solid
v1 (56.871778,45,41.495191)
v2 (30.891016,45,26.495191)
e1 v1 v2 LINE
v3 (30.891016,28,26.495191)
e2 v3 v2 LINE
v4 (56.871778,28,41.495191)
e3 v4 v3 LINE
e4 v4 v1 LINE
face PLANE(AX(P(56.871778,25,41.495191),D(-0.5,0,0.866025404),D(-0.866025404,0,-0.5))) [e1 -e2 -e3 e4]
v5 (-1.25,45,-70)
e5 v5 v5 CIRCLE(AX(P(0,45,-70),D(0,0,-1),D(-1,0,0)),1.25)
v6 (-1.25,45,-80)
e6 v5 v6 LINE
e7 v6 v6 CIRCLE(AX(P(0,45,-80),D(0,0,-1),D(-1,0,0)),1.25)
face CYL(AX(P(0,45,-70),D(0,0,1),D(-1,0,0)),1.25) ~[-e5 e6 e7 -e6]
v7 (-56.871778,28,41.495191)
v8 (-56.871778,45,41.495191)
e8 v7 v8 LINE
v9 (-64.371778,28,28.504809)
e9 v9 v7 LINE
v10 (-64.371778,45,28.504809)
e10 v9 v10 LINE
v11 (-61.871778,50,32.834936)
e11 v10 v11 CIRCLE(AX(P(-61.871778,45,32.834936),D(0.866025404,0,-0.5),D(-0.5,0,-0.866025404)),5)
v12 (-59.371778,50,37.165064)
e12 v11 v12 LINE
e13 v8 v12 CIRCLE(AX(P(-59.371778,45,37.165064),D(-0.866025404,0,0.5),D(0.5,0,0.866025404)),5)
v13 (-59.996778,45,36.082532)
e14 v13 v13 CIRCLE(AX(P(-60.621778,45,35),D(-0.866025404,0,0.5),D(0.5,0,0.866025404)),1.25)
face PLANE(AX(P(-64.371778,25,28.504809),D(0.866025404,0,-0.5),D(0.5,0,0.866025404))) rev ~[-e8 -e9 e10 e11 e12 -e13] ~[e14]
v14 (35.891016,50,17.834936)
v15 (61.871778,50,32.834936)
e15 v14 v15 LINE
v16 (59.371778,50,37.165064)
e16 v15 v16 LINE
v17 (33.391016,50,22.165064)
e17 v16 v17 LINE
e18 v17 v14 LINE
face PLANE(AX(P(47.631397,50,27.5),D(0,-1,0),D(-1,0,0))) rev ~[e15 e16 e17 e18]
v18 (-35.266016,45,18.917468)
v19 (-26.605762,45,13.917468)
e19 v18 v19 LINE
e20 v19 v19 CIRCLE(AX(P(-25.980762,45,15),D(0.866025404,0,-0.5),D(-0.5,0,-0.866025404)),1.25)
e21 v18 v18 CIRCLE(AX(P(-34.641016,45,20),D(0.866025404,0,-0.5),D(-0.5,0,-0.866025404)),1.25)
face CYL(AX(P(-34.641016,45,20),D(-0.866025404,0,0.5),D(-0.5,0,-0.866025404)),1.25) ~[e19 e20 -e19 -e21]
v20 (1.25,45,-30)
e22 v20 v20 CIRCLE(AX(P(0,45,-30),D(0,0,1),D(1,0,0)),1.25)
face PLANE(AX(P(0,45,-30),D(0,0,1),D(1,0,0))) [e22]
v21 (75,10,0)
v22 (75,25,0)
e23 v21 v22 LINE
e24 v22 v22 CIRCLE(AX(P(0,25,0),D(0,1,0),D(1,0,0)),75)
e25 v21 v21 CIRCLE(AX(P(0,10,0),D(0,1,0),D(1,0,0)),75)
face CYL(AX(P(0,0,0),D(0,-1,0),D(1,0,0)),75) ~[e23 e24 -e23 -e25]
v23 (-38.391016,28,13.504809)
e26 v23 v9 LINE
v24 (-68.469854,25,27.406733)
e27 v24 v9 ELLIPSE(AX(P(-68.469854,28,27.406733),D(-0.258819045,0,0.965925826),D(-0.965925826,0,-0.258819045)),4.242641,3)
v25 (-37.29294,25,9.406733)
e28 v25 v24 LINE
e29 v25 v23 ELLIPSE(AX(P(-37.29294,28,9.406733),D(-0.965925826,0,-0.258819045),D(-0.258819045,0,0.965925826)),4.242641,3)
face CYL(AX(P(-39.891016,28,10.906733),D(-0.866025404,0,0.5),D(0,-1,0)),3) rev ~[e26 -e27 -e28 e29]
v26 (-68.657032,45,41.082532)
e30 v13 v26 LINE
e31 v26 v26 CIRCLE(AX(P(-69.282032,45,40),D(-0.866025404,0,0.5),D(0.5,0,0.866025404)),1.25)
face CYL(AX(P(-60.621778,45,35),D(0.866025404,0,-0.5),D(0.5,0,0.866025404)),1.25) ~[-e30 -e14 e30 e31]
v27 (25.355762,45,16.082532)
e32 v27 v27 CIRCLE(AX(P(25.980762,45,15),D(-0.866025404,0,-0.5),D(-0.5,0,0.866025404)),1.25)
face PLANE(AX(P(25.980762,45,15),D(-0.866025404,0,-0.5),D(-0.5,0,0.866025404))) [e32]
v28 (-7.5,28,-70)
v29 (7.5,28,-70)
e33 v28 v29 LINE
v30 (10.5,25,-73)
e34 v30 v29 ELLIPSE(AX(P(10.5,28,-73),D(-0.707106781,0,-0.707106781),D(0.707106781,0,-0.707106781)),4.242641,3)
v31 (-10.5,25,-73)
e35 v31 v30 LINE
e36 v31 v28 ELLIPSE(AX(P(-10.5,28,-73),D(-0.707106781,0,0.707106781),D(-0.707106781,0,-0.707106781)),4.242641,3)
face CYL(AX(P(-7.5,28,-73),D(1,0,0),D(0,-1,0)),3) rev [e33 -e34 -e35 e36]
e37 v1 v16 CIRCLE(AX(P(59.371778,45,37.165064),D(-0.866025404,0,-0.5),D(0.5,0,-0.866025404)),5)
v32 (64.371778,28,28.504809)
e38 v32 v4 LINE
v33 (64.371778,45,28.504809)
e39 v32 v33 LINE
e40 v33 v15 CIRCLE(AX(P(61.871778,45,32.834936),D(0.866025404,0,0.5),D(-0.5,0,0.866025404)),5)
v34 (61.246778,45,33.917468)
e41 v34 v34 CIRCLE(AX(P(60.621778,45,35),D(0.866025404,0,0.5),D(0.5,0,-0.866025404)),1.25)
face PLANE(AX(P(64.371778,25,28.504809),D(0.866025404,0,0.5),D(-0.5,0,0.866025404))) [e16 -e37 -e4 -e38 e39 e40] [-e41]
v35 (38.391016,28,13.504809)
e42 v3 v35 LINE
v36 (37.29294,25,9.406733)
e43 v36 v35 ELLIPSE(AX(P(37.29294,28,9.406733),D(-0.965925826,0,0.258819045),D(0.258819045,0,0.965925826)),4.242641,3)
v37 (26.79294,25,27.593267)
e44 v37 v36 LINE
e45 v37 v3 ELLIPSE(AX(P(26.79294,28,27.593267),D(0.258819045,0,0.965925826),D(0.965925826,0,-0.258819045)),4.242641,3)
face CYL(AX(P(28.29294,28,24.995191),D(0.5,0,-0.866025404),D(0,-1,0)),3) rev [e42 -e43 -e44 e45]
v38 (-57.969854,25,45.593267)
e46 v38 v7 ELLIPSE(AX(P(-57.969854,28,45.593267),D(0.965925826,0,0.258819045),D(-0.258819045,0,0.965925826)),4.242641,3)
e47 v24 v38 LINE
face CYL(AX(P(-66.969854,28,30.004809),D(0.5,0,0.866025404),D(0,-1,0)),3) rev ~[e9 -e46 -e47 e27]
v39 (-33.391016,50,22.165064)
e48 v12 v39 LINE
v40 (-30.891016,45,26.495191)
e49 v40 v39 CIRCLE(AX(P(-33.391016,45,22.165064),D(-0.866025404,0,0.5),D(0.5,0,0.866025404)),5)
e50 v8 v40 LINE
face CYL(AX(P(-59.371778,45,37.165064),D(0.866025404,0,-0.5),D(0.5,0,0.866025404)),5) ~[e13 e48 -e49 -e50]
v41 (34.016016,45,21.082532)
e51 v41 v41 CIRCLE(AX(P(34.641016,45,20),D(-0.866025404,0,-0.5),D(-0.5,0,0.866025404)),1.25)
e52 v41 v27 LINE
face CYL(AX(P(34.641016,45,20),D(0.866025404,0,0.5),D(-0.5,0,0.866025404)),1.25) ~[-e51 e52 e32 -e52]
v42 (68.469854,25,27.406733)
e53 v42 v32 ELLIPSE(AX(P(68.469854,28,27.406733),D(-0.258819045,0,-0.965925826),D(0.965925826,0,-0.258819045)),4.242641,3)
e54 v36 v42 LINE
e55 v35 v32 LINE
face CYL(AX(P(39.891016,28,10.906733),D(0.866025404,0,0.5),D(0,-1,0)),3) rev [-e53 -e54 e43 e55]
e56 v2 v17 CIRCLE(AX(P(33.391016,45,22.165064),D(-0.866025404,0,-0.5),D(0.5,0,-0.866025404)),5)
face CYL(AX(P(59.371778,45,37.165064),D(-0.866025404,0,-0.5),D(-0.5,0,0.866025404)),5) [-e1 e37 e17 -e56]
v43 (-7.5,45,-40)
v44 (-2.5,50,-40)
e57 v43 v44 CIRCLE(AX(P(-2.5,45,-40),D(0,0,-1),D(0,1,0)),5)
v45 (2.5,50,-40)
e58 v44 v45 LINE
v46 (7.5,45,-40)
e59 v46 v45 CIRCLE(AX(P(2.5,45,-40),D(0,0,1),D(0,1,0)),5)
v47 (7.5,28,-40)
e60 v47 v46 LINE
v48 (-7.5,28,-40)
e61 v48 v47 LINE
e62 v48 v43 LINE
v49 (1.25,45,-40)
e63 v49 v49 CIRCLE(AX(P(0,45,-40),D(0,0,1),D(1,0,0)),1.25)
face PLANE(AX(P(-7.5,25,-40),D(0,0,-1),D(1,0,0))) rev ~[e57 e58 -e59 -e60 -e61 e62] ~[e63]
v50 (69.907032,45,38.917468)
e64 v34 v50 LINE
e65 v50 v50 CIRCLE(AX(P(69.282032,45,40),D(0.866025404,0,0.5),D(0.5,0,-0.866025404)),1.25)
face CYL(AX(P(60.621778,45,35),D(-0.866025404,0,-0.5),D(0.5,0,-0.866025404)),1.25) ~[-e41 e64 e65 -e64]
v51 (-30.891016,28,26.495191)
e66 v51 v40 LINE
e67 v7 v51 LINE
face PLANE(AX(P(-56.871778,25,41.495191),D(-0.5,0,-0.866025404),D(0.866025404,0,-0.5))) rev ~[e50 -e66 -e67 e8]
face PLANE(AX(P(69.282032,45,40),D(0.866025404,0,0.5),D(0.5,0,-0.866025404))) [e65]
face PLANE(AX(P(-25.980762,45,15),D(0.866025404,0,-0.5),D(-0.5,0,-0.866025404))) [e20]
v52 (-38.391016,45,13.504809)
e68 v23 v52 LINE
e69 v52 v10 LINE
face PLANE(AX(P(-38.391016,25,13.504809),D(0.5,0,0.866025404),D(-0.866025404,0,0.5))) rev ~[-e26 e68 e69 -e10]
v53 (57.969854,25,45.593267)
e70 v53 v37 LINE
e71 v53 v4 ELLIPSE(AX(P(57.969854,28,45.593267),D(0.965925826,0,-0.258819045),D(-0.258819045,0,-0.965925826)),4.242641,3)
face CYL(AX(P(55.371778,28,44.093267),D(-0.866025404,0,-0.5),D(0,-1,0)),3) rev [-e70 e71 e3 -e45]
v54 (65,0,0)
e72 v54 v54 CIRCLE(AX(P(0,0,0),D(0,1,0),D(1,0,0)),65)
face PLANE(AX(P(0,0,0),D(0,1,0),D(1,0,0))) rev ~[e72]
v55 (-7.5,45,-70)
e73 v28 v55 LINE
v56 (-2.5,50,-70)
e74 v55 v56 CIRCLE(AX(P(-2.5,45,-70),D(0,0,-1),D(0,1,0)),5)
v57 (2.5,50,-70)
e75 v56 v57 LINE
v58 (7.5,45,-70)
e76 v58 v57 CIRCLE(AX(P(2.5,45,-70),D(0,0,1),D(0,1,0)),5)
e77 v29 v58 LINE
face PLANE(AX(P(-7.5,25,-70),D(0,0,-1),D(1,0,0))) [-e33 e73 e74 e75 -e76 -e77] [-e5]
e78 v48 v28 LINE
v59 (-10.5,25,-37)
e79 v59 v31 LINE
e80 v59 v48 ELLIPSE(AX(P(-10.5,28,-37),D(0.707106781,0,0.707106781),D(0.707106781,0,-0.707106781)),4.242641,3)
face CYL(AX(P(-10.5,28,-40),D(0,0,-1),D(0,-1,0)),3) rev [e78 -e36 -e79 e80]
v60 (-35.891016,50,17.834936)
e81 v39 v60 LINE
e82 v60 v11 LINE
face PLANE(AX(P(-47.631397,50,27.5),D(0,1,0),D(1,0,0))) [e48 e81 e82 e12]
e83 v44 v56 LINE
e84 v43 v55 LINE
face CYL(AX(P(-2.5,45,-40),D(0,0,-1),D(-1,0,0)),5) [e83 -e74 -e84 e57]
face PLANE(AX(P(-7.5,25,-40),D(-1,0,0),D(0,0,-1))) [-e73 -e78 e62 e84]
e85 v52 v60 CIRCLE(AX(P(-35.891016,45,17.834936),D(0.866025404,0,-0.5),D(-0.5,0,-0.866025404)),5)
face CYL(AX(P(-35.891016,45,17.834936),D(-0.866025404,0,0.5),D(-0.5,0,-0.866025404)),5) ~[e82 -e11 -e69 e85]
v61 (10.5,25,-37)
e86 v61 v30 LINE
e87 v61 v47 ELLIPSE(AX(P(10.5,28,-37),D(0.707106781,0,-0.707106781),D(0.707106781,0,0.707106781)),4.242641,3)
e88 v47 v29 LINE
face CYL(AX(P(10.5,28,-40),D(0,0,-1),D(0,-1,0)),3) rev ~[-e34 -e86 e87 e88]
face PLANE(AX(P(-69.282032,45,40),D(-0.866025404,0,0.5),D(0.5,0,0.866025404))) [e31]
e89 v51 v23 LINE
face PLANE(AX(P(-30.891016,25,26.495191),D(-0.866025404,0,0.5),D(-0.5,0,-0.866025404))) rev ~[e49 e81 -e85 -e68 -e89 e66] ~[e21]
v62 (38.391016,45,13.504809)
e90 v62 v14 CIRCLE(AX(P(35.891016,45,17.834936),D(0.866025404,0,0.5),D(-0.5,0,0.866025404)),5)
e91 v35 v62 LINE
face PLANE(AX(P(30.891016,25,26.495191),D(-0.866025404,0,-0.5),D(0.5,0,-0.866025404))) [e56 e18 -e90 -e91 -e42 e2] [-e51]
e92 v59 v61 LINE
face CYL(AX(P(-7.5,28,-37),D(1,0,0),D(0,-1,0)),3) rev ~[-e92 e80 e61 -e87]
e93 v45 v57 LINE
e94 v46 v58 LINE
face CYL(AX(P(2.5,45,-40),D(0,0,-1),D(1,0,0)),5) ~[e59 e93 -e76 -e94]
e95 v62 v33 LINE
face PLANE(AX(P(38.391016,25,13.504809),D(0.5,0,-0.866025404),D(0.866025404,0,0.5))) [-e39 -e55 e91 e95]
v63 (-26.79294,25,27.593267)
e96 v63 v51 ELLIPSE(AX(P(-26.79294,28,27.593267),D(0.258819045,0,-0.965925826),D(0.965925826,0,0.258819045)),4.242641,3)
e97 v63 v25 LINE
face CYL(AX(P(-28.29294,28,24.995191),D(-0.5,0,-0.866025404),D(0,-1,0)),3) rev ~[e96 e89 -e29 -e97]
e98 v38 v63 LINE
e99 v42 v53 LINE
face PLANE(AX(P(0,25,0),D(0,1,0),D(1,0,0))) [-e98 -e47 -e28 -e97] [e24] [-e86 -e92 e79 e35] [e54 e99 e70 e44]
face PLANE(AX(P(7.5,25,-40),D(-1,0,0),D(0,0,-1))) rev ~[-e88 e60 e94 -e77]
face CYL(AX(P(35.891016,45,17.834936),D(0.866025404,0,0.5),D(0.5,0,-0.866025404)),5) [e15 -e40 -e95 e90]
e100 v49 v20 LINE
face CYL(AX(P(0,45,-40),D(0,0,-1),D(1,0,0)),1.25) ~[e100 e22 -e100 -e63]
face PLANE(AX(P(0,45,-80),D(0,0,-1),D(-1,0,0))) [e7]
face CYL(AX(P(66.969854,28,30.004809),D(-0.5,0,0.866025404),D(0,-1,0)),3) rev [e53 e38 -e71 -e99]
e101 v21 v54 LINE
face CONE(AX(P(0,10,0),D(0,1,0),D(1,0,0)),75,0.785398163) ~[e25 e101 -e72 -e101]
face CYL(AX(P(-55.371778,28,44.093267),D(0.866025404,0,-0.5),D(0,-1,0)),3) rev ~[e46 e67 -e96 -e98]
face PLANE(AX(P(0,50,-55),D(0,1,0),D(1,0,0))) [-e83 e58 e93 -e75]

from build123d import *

# Parameters (mm, degrees)
SKETCH1_R           = 75
BOSS_EXTRUDE1_DEPTH = 25
SKETCH2_W           = 15
SKETCH2_H           = 30
BOSS_EXTRUDE2_DEPTH = 25
FILLET1_R           = 3
FILLET2_R           = 5
SKETCH3_R           = 1.25
BOSS_EXTRUDE3_DEPTH = 10
SKETCH4_R           = 1.25
BOSS_EXTRUDE4_DEPTH = 10
SKETCH5_R           = 1.25
BOSS_EXTRUDE5_DEPTH = 10
SKETCH6_R           = 1.25
BOSS_EXTRUDE6_DEPTH = 10
SKETCH7_R           = 1.25
BOSS_EXTRUDE7_DEPTH = 10
SKETCH8_R           = 1.25
BOSS_EXTRUDE8_DEPTH = 10
CHAMFER1_SIZE       = 10


with BuildPart() as part:
    # Sketch1 → Boss-Extrude1 (new body)
    with BuildSketch(Plane(origin=(0, 0, 0), x_dir=(1, 0, 0), z_dir=(0, 1, 0))):
        Circle(SKETCH1_R)
    extrude(amount=BOSS_EXTRUDE1_DEPTH)

    # Sketch2 → Boss-Extrude2 (add)
    with BuildSketch(Plane(origin=(0, 25, 0), x_dir=(1, 0, 0), z_dir=(0, 1, 0))):
        Polygon((-64.371778265, -28.504809472), (-56.871778265, -41.495190528), (-30.891016151, -26.495190528), (-38.391016151, -13.504809472), align=None)
        with Locations((0, 55)):
            Rectangle(SKETCH2_W, SKETCH2_H)
        Polygon((64.371778265, -28.504809472), (56.871778265, -41.495190528), (30.891016151, -26.495190528), (38.391016151, -13.504809472), align=None)
    extrude(amount=BOSS_EXTRUDE2_DEPTH)

    # Fillet1
    fillet1_edges = [part.edges().sort_by_distance(p)[0] for p in [
        (-7.5, 25, -55),
        (0, 25, -40),
        (7.5, 25, -55),
        (0, 25, -70),
        (51.381397208, 25, 21.004809472),
        (34.641016151, 25, 20),
        (43.881397208, 25, 33.995190528),
        (60.621778265, 25, 35),
        (-51.381397208, 25, 21.004809472),
        (-60.621778265, 25, 35),
        (-43.881397208, 25, 33.995190528),
        (-34.641016151, 25, 20),
    ]]
    fillet(fillet1_edges, radius=FILLET1_R)

    # Fillet2
    fillet2_edges = [part.edges().sort_by_distance(p)[0] for p in [
        (-7.5, 50, -55),
        (7.5, 50, -55),
        (51.381397208, 50, 21.004809472),
        (43.881397208, 50, 33.995190528),
        (-51.381397208, 50, 21.004809472),
        (-43.881397208, 50, 33.995190528),
    ]]
    fillet(fillet2_edges, radius=FILLET2_R)

    # Sketch3 → Boss-Extrude3 (add)
    with BuildSketch(Plane(origin=(60.621778265, 0, 35), x_dir=(0.5, 0, -0.866025404), z_dir=(0.866025404, 0, 0.5))):
        with Locations((0, 45)):
            Circle(SKETCH3_R)
    extrude(amount=BOSS_EXTRUDE3_DEPTH)

    # Sketch4 → Boss-Extrude4 (add)
    with BuildSketch(Plane(origin=(34.641016151, 0, 20), x_dir=(-0.5, 0, 0.866025404), z_dir=(-0.866025404, 0, -0.5))):
        with Locations((0, 45)):
            Circle(SKETCH4_R)
    extrude(amount=BOSS_EXTRUDE4_DEPTH)

    # Sketch5 → Boss-Extrude5 (add)
    with BuildSketch(Plane(origin=(0, 0, -70), x_dir=(-1, 0, 0), z_dir=(0, 0, -1))):
        with Locations((0, 45)):
            Circle(SKETCH5_R)
    extrude(amount=BOSS_EXTRUDE5_DEPTH)

    # Sketch6 → Boss-Extrude6 (add)
    with BuildSketch(Plane.XY.offset(-40)):
        with Locations((0, 45)):
            Circle(SKETCH6_R)
    extrude(amount=BOSS_EXTRUDE6_DEPTH)

    # Sketch7 → Boss-Extrude7 (add)
    with BuildSketch(Plane(origin=(-60.621778265, 0, 35), x_dir=(0.5, 0, 0.866025404), z_dir=(-0.866025404, 0, 0.5))):
        with Locations((0, 45)):
            Circle(SKETCH7_R)
    extrude(amount=BOSS_EXTRUDE7_DEPTH)

    # Sketch8 → Boss-Extrude8 (add)
    with BuildSketch(Plane(origin=(-34.641016151, 0, 20), x_dir=(-0.5, 0, -0.866025404), z_dir=(0.866025404, 0, -0.5))):
        with Locations((0, 45)):
            Circle(SKETCH8_R)
    extrude(amount=BOSS_EXTRUDE8_DEPTH)

    # Chamfer1
    chamfer1_edges = [part.edges().sort_by_distance(p)[0] for p in [
        (-75, 0, 0),
    ]]
    chamfer(chamfer1_edges, length=CHAMFER1_SIZE)


solid = part.part
